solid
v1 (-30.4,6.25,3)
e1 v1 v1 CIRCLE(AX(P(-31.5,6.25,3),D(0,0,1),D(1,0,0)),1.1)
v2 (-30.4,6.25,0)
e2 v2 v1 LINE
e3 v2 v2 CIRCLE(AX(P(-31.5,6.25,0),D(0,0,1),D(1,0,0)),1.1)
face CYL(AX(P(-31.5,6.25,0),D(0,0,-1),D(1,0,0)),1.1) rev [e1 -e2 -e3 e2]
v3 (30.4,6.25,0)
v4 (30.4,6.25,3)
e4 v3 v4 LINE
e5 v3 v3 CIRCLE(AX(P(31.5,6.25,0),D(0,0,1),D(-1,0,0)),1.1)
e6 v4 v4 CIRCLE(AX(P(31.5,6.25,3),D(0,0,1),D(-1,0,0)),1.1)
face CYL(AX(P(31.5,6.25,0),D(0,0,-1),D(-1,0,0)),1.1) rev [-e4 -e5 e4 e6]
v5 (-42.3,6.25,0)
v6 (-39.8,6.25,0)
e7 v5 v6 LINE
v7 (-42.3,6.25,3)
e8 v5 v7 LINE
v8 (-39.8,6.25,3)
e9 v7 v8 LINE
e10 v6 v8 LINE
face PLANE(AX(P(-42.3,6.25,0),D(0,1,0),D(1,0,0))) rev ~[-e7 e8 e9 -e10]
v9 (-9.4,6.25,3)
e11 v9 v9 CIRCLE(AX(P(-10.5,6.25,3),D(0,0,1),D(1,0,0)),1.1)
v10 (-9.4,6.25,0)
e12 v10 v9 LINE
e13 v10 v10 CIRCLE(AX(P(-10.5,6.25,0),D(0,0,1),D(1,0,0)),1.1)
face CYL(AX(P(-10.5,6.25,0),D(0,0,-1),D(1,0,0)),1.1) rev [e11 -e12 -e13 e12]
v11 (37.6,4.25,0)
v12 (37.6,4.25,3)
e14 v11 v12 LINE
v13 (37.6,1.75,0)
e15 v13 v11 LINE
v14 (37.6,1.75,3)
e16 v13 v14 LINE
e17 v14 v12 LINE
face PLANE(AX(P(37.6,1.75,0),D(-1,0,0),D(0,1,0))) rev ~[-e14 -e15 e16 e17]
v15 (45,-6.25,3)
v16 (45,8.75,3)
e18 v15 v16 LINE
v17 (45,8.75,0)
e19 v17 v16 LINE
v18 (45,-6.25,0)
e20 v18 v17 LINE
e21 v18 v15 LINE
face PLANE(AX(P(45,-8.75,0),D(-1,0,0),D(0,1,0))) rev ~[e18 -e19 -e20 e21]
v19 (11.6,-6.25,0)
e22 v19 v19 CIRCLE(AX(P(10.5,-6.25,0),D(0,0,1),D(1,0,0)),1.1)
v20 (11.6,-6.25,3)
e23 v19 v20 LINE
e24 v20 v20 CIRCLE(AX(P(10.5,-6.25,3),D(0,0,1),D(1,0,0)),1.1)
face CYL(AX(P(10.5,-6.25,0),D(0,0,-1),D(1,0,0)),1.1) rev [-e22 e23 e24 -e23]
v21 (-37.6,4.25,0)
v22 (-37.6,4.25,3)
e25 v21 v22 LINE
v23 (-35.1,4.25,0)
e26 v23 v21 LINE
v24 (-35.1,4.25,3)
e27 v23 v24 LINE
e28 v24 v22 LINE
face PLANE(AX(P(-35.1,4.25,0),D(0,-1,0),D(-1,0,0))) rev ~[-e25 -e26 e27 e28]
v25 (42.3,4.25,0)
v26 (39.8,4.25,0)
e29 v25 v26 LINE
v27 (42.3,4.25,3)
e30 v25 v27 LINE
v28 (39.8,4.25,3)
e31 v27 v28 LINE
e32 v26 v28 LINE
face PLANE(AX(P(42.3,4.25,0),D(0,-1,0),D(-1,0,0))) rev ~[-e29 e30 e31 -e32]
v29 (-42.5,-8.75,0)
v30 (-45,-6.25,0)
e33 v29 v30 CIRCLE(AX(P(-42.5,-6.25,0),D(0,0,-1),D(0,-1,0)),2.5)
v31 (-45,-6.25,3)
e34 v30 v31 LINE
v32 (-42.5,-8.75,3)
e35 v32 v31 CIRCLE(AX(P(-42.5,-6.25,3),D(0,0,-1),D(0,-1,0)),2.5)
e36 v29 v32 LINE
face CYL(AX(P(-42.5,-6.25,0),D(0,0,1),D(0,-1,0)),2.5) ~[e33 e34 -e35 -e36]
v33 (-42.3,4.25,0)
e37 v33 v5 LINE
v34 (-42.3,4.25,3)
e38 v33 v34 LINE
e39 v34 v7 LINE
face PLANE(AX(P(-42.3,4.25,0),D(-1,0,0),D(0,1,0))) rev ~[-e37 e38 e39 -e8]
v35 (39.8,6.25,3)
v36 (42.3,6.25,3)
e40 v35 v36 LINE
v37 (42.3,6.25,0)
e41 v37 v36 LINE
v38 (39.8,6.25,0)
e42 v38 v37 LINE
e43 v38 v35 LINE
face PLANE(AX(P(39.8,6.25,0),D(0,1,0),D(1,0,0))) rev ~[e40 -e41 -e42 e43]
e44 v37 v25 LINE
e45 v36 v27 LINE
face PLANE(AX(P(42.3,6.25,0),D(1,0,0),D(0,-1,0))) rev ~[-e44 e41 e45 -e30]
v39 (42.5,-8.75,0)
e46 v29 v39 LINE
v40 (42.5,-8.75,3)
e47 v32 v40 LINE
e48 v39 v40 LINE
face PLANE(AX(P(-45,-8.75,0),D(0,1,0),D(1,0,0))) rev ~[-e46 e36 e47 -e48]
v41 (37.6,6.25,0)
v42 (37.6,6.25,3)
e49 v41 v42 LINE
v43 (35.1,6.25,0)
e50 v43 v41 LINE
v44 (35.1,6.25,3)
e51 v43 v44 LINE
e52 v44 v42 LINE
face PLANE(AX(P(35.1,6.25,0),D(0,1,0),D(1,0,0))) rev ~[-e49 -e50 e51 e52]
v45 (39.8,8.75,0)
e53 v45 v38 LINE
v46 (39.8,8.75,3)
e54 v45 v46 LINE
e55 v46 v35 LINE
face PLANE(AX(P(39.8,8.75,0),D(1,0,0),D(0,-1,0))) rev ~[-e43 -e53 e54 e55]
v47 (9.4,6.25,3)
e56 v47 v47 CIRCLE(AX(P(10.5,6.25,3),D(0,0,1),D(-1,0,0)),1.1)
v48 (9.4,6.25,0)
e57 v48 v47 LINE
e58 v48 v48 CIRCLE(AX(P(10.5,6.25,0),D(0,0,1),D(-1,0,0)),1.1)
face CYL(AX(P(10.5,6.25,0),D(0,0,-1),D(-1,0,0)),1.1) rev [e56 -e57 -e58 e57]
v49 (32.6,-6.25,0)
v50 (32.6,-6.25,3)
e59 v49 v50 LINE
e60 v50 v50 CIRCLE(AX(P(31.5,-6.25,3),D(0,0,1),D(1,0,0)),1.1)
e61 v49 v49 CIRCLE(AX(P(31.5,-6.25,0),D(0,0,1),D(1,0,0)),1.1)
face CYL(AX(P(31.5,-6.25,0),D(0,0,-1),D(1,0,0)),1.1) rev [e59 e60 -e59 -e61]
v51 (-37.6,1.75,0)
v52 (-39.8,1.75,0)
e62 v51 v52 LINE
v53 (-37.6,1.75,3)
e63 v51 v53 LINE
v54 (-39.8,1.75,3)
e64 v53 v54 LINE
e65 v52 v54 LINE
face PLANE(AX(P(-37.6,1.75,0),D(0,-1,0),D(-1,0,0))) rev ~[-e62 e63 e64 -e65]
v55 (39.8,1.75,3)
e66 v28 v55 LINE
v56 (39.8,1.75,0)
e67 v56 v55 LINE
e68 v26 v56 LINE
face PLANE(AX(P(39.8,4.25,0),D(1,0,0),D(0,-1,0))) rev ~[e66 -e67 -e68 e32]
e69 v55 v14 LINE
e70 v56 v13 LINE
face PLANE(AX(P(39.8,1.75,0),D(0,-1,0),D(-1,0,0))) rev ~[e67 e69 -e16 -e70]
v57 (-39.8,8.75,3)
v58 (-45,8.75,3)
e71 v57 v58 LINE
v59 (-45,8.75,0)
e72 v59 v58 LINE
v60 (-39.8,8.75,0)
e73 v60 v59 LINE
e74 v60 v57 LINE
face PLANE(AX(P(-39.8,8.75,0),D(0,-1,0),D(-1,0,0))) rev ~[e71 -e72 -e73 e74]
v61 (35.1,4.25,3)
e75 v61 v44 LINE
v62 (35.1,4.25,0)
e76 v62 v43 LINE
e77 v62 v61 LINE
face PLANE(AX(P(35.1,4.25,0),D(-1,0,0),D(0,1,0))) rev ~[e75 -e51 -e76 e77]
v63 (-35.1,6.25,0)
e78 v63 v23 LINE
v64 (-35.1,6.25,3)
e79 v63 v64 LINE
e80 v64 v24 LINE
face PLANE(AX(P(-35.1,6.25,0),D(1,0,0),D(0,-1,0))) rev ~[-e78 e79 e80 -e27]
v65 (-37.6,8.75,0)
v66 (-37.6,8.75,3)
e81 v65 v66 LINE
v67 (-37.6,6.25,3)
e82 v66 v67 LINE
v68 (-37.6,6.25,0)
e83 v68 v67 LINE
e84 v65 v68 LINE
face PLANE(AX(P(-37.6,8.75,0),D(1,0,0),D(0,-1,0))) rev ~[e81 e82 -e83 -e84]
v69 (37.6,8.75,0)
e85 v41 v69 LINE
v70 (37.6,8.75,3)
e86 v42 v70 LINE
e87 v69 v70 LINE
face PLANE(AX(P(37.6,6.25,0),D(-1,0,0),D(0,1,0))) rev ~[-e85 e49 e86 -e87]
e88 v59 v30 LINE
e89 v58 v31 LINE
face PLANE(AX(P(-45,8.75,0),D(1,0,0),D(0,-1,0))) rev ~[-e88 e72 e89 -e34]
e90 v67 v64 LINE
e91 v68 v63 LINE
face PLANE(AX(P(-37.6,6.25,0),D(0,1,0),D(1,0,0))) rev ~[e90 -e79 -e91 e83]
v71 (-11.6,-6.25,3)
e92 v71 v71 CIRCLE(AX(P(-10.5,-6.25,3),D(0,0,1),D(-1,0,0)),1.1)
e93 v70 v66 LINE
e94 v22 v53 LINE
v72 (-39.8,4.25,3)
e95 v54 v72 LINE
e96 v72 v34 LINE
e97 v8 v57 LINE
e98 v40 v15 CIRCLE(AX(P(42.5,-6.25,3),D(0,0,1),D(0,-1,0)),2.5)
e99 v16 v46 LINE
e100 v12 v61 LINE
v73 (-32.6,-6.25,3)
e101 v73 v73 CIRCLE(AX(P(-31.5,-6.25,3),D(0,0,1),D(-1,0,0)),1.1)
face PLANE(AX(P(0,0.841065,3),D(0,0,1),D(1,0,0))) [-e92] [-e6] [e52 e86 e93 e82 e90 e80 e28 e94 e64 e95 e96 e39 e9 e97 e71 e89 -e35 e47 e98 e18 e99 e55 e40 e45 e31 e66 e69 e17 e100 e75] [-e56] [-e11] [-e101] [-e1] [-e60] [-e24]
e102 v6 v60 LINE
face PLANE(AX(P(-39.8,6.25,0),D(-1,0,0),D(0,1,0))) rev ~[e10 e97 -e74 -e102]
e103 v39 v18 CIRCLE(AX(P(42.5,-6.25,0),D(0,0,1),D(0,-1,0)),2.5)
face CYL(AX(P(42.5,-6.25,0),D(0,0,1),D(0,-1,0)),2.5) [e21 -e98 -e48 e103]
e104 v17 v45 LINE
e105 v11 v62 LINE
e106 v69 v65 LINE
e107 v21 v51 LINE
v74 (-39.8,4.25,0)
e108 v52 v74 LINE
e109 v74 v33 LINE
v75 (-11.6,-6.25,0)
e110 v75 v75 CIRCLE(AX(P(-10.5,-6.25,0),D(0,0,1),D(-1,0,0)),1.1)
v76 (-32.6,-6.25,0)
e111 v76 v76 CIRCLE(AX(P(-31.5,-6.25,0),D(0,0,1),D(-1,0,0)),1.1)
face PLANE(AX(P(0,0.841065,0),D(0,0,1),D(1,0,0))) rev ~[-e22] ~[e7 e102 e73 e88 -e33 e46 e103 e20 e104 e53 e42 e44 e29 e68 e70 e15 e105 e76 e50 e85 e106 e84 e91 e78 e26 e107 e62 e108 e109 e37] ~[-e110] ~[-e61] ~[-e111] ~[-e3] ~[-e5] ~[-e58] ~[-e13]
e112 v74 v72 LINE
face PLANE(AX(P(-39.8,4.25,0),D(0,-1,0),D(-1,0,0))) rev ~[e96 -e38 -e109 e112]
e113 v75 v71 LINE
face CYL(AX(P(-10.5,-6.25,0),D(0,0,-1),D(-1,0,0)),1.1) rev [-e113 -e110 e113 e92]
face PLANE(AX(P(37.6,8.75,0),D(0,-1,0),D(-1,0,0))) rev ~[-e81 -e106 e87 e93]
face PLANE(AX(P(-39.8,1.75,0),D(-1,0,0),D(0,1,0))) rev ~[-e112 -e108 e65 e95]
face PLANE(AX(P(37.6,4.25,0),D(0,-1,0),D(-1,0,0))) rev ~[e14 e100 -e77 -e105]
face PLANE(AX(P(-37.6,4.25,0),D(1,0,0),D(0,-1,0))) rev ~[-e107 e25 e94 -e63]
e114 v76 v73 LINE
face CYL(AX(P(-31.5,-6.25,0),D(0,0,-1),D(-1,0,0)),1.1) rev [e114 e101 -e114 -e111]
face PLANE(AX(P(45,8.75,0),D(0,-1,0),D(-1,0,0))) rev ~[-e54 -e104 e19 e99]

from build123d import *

# Parameters (mm, degrees)
SKETCH1_R           = 1.1
BOSS_EXTRUDE1_DEPTH = 3
FILLET1_R           = 2.5


with BuildPart() as part:
    # Sketch1 → Boss-Extrude1 (new body)
    with BuildSketch(Plane.XY):
        Polygon((-45, -8.75), (45, -8.75), (45, 8.75), (39.8, 8.75), (39.8, 6.25), (42.3, 6.25), (42.3, 4.25), (39.8, 4.25), (39.8, 1.75), (37.6, 1.75), (37.6, 4.25), (35.1, 4.25), (35.1, 6.25), (37.6, 6.25), (37.6, 8.75), (-37.6, 8.75), (-37.6, 6.25), (-35.1, 6.25), (-35.1, 4.25), (-37.6, 4.25), (-37.6, 1.75), (-39.8, 1.75), (-39.8, 4.25), (-42.3, 4.25), (-42.3, 6.25), (-39.8, 6.25), (-39.8, 8.75), (-45, 8.75), align=None)
        with Locations((-10.5, 6.25)):
            Circle(SKETCH1_R, mode=Mode.SUBTRACT)
        with Locations(Location((-10.5, -6.25, 0), (0, 0, 180))):
            Circle(SKETCH1_R, mode=Mode.SUBTRACT)
        with Locations((10.5, -6.25)):
            Circle(SKETCH1_R, mode=Mode.SUBTRACT)
        with Locations(Location((10.5, 6.25, 0), (0, 0, 180))):
            Circle(SKETCH1_R, mode=Mode.SUBTRACT)
        with Locations((-31.5, 6.25)):
            Circle(SKETCH1_R, mode=Mode.SUBTRACT)
        with Locations(Location((-31.5, -6.25, 0), (0, 0, 180))):
            Circle(SKETCH1_R, mode=Mode.SUBTRACT)
        with Locations((31.5, -6.25)):
            Circle(SKETCH1_R, mode=Mode.SUBTRACT)
        with Locations(Location((31.5, 6.25, 0), (0, 0, 180))):
            Circle(SKETCH1_R, mode=Mode.SUBTRACT)
    extrude(amount=BOSS_EXTRUDE1_DEPTH)

    # Fillet1
    fillet1_edges = [part.edges().sort_by_distance(p)[0] for p in [
        (45, -8.75, 1.5),
        (-45, -8.75, 1.5),
    ]]
    fillet(fillet1_edges, radius=FILLET1_R)


solid = part.part
